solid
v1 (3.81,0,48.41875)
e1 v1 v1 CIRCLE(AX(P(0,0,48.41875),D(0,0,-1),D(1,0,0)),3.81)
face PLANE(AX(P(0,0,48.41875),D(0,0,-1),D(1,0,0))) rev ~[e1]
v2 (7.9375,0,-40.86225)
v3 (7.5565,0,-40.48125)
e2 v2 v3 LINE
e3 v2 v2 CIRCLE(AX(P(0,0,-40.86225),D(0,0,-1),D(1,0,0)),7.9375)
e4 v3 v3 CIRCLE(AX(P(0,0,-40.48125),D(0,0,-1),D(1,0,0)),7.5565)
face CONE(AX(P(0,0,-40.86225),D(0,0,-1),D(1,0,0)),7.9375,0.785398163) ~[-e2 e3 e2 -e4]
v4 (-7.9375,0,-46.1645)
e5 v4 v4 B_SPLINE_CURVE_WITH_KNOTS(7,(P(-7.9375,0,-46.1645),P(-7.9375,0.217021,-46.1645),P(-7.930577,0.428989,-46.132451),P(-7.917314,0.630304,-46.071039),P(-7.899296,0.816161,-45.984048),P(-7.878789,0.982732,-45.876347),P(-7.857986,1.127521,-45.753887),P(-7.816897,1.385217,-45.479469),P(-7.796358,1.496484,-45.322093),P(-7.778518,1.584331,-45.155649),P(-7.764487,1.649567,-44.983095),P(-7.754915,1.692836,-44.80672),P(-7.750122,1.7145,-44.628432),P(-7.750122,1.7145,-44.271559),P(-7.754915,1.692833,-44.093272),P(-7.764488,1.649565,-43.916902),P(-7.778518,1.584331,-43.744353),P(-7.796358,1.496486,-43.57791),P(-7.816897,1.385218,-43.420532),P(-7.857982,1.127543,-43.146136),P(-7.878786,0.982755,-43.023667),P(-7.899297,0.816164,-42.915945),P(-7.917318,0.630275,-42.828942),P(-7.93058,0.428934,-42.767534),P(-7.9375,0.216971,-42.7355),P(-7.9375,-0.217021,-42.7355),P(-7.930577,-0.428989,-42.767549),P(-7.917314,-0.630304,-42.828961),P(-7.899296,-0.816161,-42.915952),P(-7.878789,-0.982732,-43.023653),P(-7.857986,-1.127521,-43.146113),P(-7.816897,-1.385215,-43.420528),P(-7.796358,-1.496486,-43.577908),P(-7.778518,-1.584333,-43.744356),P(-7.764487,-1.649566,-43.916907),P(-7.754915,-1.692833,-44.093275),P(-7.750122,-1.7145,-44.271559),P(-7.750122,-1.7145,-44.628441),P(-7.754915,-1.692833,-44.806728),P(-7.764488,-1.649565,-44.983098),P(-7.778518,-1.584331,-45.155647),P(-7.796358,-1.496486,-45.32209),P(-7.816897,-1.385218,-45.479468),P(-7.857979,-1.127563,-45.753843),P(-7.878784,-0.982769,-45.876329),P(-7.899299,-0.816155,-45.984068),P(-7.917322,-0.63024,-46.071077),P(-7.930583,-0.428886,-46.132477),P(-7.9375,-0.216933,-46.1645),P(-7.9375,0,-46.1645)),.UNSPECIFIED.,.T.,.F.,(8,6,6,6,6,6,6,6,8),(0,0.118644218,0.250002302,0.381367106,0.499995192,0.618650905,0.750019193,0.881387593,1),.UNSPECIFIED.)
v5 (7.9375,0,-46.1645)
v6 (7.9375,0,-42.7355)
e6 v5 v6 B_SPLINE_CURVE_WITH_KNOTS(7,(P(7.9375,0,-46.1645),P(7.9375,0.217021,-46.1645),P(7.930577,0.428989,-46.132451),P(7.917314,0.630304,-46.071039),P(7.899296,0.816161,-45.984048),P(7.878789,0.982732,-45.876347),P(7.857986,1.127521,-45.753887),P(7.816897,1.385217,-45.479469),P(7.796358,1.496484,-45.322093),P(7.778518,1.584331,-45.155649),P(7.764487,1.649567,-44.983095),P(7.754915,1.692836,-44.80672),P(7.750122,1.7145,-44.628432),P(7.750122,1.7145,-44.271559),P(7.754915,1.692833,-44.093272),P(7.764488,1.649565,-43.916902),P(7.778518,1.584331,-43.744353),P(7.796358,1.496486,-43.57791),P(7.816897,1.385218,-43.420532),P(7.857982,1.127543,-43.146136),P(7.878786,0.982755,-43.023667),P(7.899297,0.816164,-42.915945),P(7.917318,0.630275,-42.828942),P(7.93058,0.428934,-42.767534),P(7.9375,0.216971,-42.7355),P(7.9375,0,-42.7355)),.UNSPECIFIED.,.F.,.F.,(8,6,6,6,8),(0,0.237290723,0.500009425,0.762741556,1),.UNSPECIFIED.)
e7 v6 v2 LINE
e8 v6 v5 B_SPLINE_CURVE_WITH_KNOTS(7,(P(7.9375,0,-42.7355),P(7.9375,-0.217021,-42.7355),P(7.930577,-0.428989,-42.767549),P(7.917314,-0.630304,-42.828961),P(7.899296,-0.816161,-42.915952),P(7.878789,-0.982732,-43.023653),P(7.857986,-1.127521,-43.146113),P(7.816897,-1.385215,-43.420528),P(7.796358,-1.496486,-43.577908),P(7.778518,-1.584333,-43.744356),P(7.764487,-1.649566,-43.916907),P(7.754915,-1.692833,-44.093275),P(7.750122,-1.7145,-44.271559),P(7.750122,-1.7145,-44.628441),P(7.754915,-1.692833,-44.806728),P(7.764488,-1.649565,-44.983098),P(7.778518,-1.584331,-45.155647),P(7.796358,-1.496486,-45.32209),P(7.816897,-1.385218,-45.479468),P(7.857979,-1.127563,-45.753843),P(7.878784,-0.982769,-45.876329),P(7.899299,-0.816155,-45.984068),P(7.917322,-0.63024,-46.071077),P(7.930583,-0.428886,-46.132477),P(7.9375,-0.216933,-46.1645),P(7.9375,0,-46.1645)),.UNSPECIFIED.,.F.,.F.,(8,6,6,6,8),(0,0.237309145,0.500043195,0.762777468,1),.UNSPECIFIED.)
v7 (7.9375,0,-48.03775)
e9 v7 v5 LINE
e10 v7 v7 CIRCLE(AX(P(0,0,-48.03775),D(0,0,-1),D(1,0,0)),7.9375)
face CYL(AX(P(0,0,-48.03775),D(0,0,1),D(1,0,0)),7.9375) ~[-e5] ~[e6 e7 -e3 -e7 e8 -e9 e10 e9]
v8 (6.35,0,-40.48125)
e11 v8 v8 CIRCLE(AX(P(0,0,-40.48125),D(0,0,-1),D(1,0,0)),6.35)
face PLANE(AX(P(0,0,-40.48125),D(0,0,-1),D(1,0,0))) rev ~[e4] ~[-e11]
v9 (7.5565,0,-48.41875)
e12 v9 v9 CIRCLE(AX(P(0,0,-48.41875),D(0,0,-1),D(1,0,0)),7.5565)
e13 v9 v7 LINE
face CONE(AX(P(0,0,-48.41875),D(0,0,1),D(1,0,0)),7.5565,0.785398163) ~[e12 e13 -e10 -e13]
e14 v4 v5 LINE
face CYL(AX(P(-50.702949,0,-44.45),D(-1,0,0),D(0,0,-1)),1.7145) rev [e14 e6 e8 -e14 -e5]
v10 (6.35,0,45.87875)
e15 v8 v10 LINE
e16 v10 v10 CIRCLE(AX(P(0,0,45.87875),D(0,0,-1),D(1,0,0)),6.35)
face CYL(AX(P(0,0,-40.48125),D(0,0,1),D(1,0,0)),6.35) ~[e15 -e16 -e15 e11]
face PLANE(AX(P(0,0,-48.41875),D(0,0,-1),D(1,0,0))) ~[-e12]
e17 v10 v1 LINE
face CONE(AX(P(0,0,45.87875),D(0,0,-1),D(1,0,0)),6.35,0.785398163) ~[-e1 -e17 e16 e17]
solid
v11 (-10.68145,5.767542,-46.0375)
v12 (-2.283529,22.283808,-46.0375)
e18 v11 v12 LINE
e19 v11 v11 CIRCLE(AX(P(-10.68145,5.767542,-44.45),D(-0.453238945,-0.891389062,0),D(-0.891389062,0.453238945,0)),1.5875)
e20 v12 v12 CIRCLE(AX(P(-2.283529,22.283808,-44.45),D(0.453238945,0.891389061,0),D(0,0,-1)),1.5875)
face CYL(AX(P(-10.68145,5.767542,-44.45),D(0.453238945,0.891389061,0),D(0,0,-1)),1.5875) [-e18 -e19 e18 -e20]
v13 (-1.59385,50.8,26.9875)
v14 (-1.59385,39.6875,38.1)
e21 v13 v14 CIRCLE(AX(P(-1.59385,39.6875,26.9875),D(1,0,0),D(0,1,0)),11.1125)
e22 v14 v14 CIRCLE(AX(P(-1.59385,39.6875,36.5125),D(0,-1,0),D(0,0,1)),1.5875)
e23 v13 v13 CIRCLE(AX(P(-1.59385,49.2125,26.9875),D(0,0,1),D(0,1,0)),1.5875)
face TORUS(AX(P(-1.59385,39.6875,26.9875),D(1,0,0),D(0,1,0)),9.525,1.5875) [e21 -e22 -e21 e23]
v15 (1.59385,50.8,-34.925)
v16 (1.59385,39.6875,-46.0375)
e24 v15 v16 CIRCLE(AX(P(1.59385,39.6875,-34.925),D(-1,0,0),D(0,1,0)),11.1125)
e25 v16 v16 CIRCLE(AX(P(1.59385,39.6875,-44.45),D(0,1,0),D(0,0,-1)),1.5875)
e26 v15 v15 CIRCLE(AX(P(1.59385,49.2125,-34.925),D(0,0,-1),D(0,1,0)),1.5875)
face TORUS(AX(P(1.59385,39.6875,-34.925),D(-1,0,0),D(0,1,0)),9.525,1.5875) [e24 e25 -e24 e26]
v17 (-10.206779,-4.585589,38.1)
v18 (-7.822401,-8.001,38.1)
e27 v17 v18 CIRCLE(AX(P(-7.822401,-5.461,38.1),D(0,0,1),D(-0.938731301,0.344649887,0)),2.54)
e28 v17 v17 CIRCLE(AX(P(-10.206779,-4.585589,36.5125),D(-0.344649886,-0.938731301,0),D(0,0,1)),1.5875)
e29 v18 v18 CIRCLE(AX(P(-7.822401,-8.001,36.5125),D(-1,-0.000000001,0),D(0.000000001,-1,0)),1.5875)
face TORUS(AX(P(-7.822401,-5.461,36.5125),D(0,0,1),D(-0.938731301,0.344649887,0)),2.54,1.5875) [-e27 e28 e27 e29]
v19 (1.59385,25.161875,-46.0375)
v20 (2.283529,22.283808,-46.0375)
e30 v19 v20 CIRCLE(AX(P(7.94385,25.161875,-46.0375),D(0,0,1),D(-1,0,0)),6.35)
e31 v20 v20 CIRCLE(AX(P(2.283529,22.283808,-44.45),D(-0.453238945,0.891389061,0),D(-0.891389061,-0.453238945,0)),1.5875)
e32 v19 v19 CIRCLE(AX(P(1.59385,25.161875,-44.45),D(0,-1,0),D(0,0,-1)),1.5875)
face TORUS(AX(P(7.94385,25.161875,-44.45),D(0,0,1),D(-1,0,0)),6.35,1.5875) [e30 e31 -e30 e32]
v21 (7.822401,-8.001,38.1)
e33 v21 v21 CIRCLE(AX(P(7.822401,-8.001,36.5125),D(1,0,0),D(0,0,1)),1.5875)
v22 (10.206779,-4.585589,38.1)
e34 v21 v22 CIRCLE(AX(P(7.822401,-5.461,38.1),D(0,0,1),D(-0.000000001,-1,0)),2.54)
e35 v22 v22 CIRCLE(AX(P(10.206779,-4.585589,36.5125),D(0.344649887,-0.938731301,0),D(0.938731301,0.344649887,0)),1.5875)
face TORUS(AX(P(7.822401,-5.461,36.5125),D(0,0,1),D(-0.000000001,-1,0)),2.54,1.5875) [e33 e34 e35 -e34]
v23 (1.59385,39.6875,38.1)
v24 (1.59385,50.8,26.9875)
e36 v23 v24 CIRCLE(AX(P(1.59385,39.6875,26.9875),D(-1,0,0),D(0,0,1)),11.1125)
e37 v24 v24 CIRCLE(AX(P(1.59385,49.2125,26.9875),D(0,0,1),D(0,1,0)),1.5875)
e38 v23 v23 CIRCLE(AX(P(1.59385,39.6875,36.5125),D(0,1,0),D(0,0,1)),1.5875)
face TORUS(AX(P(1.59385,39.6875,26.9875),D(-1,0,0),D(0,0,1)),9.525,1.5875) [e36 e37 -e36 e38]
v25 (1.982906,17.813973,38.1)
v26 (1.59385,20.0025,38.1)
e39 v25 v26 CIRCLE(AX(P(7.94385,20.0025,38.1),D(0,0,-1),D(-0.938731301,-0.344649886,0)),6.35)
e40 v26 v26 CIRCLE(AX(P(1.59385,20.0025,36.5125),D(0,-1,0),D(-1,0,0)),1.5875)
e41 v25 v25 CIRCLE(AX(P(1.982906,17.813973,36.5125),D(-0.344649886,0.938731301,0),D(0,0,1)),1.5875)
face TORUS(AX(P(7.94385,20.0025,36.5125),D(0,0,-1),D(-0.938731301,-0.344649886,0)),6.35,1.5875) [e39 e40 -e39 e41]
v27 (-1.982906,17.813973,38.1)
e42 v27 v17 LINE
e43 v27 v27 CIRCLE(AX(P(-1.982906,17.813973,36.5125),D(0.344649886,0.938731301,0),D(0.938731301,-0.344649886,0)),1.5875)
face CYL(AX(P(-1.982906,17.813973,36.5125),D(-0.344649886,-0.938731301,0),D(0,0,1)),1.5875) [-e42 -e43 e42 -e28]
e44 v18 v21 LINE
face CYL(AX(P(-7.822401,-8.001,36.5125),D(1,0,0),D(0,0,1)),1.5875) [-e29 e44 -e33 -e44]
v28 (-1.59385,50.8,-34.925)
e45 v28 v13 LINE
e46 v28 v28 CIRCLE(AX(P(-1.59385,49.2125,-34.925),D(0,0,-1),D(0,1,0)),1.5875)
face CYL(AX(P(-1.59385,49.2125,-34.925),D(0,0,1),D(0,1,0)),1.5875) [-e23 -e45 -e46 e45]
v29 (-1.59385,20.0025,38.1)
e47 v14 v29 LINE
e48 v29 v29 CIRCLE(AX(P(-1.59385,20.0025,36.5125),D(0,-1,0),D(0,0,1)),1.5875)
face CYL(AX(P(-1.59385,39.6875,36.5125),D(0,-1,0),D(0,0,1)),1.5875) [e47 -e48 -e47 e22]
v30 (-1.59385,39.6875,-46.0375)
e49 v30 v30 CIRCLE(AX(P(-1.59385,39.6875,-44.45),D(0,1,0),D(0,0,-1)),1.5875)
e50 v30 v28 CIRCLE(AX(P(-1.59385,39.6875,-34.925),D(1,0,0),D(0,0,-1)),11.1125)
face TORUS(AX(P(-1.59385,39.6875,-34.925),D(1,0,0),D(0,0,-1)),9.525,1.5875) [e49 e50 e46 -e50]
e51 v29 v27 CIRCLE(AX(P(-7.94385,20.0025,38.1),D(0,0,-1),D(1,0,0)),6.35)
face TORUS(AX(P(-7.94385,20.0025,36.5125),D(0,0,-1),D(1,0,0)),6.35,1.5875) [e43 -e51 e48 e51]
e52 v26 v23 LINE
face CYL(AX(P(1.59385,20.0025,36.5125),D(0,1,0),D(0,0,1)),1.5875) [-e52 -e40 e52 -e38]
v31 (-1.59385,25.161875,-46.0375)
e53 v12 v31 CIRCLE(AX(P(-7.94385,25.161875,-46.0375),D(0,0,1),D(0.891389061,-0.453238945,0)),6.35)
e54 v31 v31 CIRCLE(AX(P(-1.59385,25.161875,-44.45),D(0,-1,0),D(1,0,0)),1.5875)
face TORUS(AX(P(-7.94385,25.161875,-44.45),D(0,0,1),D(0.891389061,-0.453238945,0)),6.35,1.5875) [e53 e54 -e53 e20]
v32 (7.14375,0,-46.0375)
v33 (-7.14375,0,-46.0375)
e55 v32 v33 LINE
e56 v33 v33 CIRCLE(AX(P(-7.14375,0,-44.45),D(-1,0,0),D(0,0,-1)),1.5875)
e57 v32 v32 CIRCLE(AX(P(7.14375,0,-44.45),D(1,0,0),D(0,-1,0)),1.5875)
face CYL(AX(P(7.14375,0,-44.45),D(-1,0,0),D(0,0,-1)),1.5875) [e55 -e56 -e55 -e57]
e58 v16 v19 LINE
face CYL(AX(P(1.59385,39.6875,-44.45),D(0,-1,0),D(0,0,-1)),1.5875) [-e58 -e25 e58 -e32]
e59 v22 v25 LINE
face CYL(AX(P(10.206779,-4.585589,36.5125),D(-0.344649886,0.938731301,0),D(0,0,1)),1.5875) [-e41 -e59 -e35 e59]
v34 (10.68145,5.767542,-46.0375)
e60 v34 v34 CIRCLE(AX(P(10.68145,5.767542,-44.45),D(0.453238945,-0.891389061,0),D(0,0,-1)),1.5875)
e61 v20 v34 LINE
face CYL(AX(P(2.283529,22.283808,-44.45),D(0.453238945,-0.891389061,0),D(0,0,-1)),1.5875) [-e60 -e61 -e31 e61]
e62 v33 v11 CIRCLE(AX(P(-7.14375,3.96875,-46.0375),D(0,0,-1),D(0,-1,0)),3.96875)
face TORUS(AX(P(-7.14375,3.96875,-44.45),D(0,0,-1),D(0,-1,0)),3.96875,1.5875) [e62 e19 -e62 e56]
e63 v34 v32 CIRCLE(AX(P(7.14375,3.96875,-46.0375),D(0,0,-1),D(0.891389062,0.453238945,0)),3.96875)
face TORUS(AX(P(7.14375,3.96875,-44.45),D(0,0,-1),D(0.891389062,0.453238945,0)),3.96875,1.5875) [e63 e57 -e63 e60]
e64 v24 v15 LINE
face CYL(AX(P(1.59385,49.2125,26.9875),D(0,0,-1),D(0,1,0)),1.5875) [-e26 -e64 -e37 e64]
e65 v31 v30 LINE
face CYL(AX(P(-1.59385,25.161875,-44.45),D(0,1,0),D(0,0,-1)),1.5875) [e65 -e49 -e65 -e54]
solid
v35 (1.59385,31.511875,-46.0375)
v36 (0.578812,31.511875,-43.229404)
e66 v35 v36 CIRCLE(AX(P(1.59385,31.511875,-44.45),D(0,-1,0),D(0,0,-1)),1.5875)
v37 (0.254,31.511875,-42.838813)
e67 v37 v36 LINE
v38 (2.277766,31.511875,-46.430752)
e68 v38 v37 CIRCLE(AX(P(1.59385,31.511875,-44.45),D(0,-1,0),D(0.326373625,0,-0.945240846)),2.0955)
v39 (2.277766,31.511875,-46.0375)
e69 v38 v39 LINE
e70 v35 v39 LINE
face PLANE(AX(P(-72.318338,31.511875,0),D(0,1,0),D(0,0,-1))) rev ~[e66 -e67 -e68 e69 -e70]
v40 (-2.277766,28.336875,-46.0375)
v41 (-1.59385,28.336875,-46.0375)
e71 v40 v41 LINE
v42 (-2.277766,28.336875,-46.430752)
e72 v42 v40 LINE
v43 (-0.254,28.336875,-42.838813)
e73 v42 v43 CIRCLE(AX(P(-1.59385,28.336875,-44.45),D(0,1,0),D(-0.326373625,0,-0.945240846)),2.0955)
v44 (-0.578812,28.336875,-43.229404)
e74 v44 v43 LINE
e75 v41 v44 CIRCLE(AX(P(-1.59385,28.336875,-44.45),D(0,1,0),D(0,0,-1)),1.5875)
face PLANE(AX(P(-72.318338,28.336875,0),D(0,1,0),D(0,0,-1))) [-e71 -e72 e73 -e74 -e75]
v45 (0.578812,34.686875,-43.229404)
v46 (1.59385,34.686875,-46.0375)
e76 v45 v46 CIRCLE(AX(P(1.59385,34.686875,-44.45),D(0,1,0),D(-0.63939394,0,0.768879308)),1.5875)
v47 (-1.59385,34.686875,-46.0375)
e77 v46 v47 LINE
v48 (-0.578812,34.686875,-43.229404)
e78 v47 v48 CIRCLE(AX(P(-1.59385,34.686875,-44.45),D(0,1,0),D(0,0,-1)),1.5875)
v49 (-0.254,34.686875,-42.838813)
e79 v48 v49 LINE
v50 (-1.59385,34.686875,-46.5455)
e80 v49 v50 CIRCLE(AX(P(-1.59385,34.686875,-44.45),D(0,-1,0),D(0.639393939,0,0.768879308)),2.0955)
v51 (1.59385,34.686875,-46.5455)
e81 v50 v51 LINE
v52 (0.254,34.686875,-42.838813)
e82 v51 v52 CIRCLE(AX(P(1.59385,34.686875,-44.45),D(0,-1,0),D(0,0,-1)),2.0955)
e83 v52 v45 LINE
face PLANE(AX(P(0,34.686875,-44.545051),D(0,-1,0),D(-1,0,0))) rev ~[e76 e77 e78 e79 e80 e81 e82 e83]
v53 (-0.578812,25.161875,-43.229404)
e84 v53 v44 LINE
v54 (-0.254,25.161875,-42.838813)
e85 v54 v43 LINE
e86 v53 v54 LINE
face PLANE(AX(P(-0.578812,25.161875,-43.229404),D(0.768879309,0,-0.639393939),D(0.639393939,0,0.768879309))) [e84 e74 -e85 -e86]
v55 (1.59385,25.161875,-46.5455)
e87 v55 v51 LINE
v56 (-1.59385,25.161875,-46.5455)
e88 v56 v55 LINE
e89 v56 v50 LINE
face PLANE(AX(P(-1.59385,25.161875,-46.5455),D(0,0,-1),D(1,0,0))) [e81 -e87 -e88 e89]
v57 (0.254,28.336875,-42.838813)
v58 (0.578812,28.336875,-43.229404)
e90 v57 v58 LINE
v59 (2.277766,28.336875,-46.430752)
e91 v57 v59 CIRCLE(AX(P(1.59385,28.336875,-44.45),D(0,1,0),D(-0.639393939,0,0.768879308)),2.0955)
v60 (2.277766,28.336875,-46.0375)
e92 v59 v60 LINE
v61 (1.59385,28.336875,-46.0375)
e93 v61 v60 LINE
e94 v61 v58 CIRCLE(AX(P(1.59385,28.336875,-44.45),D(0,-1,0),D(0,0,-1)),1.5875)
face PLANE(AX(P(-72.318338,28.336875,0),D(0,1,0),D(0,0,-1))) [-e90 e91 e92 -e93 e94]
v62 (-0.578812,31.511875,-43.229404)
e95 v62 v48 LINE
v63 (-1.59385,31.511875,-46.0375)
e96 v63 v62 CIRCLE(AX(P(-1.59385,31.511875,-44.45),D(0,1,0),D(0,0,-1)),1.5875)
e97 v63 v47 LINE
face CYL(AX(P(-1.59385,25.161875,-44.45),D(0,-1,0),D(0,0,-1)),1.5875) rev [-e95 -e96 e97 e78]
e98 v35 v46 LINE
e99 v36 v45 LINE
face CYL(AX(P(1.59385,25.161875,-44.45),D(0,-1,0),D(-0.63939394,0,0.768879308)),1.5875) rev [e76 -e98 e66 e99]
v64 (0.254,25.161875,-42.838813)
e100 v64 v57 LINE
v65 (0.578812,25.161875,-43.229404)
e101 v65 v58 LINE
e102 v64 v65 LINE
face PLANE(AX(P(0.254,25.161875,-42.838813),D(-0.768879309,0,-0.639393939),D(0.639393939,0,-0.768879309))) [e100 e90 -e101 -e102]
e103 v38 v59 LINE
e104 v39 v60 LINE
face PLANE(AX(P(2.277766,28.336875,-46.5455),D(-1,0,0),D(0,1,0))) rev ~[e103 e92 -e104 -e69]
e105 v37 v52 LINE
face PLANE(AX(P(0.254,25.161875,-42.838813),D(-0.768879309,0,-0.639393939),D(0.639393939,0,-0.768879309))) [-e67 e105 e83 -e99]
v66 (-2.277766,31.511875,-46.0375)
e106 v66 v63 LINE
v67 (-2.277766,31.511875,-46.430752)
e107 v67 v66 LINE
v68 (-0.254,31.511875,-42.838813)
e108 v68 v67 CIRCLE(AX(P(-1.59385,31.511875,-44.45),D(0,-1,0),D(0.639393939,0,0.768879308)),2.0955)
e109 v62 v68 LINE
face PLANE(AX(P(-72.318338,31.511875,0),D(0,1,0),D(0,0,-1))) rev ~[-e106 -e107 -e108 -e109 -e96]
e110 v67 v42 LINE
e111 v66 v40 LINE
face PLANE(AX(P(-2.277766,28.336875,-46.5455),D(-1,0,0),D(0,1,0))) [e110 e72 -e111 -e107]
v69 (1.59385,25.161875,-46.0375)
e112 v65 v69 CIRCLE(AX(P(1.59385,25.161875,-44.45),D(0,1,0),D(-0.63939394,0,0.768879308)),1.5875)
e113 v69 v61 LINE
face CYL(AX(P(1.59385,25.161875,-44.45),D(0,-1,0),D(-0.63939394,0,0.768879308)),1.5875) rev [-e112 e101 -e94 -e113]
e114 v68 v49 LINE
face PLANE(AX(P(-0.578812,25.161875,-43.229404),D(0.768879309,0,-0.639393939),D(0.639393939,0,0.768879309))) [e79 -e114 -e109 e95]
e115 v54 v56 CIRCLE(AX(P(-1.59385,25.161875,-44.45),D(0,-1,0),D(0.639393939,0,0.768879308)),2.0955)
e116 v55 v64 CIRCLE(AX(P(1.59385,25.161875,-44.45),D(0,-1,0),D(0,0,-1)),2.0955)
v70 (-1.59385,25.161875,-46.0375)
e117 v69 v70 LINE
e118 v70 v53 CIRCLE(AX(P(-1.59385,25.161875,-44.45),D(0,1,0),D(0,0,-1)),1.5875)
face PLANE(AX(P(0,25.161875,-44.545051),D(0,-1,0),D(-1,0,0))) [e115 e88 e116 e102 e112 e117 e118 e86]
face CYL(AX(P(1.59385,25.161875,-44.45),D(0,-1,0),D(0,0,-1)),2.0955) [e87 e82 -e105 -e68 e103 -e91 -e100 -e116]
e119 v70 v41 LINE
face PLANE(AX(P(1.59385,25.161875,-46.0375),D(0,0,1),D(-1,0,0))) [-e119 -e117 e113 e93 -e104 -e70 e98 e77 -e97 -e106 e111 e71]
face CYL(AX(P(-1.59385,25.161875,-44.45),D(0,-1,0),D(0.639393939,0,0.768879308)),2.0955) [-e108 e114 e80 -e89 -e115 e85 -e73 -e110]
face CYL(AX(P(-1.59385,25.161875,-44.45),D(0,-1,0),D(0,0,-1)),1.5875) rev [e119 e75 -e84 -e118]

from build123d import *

# Parameters (mm, degrees)
CUT_EXTRUDE1_DEPTH      = 50.702949249
CUT_EXTRUDE1_DEPTH_BACK = 50.702949249
SKETCH2_R               = 1.7145
SKETCH7_R               = 1.5875
BOSS_EXTRUDE1_DEPTH     = 9.525
CUT_EXTRUDE4_DEPTH      = 72.318338205
CUT_EXTRUDE4_DEPTH_BACK = 72.318338205
SKETCH9_W               = 46.0375
SKETCH9_H               = 3.175
SKETCH10_W              = 0.68391593
SKETCH10_H              = 3.175
CUT_EXTRUDE5_DEPTH      = 109.444173614


with BuildPart() as part:
    # Sketch1 → Revolve1 (revolve)
    with BuildSketch(Plane(origin=(0, 0, 0), x_dir=(0, 0, -1), z_dir=(1, 0, 0)), mode=Mode.PRIVATE) as revolve1_sk:
        Polygon((-48.41875, 0), (48.41875, 0), (48.41875, 7.5565), (48.03775, 7.9375), (40.86225, 7.9375), (40.48125, 7.5565), (40.48125, 6.35), (-45.87875, 6.35), (-48.41875, 3.81), align=None)
    revolve(revolve1_sk.sketch.rotate(Axis((0, 0, 48.41875), (0, 0, -1)), 90), axis=Axis((0, 0, 48.41875), (0, 0, -1)))

    # Sketch2 → Cut-Extrude1 (cut, two sides: drawn at the far end of the back side and taken through both)
    with BuildSketch(Plane(origin=(0, 0, 0), x_dir=(0, 0, -1), z_dir=(1, 0, 0)).offset(-CUT_EXTRUDE1_DEPTH_BACK)):
        with Locations((44.45, 0)):
            Circle(SKETCH2_R)
    extrude(amount=CUT_EXTRUDE1_DEPTH + CUT_EXTRUDE1_DEPTH_BACK, mode=Mode.SUBTRACT)


with BuildPart() as body_2:
    # Sweep1: sweep along a curve in space
    with BuildLine() as sweep1_path:
        Line((-1.59385, 39.6875, 36.5125), (-1.59385, 20.6375, 36.5125))
        Line((-1.59385, 20.6375, 36.5125), (-1.59385, 20.0025, 36.5125))
        ThreePointArc((-1.59385, 20.0025, 36.5125), (-1.691870598, 18.891080388, 36.5125), (-1.982906238, 17.813973221, 36.5125))
        Line((-1.982906238, 17.813973221, 36.5125), (-10.206778889, -4.585589288, 36.5125))
        ThreePointArc((-10.206778889, -4.585589288, 36.5125), (-9.905085135, -6.914969875, 36.5125), (-7.822401384, -8.001, 36.5125))
        Line((-7.822401384, -8.001, 36.5125), (7.822401384, -8.001, 36.5125))
        ThreePointArc((7.822401384, -8.001, 36.5125), (9.905085135, -6.914969875, 36.5125), (10.206778889, -4.585589288, 36.5125))
        Line((10.206778889, -4.585589288, 36.5125), (1.982906238, 17.813973221, 36.5125))
        ThreePointArc((1.982906238, 17.813973221, 36.5125), (1.691870598, 18.891080388, 36.5125), (1.59385, 20.0025, 36.5125))
        Line((1.59385, 20.0025, 36.5125), (1.59385, 20.6375, 36.5125))
        Line((1.59385, 20.6375, 36.5125), (1.59385, 39.6875, 36.5125))
        ThreePointArc((1.59385, 39.6875, 36.5125), (1.59385, 46.422692091, 33.722692091), (1.59385, 49.2125, 26.9875))
        Line((1.59385, 49.2125, 26.9875), (1.59385, 49.2125, -34.925))
        ThreePointArc((1.59385, 49.2125, -34.925), (1.59385, 46.422692091, -41.660192091), (1.59385, 39.6875, -44.45))
        Line((1.59385, 39.6875, -44.45), (1.59385, 25.796875, -44.45))
        Line((1.59385, 25.796875, -44.45), (1.59385, 25.161875, -44.45))
        ThreePointArc((1.59385, 25.161875, -44.45), (1.768676503, 23.682100597, -44.45), (2.28352946, 22.283807701, -44.45))
        Line((2.28352946, 22.283807701, -44.45), (10.681450338, 5.767542062, -44.45))
        ThreePointArc((10.681450338, 5.767542062, -44.45), (10.526790981, 1.893657163, -44.45), (7.14375, 0, -44.45))
        Line((7.14375, 0, -44.45), (-7.14375, 0, -44.45))
        ThreePointArc((-7.14375, 0, -44.45), (-10.526790981, 1.893657163, -44.45), (-10.681450338, 5.767542062, -44.45))
        Line((-10.681450338, 5.767542062, -44.45), (-2.28352946, 22.283807701, -44.45))
        ThreePointArc((-2.28352946, 22.283807701, -44.45), (-1.768676503, 23.682100597, -44.45), (-1.59385, 25.161875, -44.45))
        Line((-1.59385, 25.161875, -44.45), (-1.59385, 25.796875, -44.45))
        Line((-1.59385, 25.796875, -44.45), (-1.59385, 39.6875, -44.45))
        ThreePointArc((-1.59385, 39.6875, -44.45), (-1.59385, 46.422692091, -41.660192091), (-1.59385, 49.2125, -34.925))
        Line((-1.59385, 49.2125, -34.925), (-1.59385, 49.2125, 26.9875))
        ThreePointArc((-1.59385, 49.2125, 26.9875), (-1.59385, 46.422692091, 33.722692091), (-1.59385, 39.6875, 36.5125))
    # Sketch7 → Sweep1 (sweep)
    with BuildSketch(Plane(origin=(0, 0, 0), x_dir=(0, 0, -1), z_dir=(1, 0, 0))):
        with Locations((44.45, 0)):
            Circle(SKETCH7_R)
    sweep(path=sweep1_path.line)


with BuildPart() as body_3:
    # Sketch8 → Boss-Extrude1 (new body)
    with BuildSketch(Plane(origin=(0, 25.161875, 0), x_dir=(1, 0, 0), z_dir=(0, 1, 0))):
        with BuildLine():
            Line((1.59385, 46.0375), (-1.59385, 46.0375))
            ThreePointArc((-1.59385, 46.0375), (-3.086808848, 43.910342583), (-0.578812121, 43.229404099))
            Line((-0.578812121, 43.229404099), (-0.254, 42.83881341))
            ThreePointArc((-0.254, 42.83881341), (-3.564555679, 43.737652209), (-1.59385, 46.5455))
            Line((-1.59385, 46.5455), (1.59385, 46.5455))
            ThreePointArc((1.59385, 46.5455), (3.564555679, 43.737652209), (0.254, 42.83881341))
            Line((0.254, 42.83881341), (0.578812121, 43.229404099))
            ThreePointArc((0.578812121, 43.229404099), (3.086808848, 43.910342583), (1.59385, 46.0375))
        make_face()
    extrude(amount=BOSS_EXTRUDE1_DEPTH)

    # Sketch9 → Cut-Extrude4 (cut, two sides: drawn at the far end of the back side and taken through both)
    with BuildSketch(Plane(origin=(0, 0, 0), x_dir=(0, 0, -1), z_dir=(1, 0, 0)).offset(-CUT_EXTRUDE4_DEPTH_BACK)):
        with Locations((23.01875, 29.924375)):
            Rectangle(SKETCH9_W, SKETCH9_H)
    extrude(amount=CUT_EXTRUDE4_DEPTH + CUT_EXTRUDE4_DEPTH_BACK, mode=Mode.SUBTRACT)

    # Sketch10 → Cut-Extrude5 (cut, through all)
    with BuildSketch(Plane(origin=(0, 0, -46.5455), x_dir=(-1, 0, 0), z_dir=(0, 0, -1))):
        with Locations((-2.619723896, 29.924375)):
            Rectangle(SKETCH10_W, SKETCH10_H)
        with Locations((2.619723896, 29.924375)):
            Rectangle(SKETCH10_W, SKETCH10_H)
    extrude(amount=-CUT_EXTRUDE5_DEPTH, mode=Mode.SUBTRACT)


solid = Compound([part.part, body_2.part, body_3.part])
